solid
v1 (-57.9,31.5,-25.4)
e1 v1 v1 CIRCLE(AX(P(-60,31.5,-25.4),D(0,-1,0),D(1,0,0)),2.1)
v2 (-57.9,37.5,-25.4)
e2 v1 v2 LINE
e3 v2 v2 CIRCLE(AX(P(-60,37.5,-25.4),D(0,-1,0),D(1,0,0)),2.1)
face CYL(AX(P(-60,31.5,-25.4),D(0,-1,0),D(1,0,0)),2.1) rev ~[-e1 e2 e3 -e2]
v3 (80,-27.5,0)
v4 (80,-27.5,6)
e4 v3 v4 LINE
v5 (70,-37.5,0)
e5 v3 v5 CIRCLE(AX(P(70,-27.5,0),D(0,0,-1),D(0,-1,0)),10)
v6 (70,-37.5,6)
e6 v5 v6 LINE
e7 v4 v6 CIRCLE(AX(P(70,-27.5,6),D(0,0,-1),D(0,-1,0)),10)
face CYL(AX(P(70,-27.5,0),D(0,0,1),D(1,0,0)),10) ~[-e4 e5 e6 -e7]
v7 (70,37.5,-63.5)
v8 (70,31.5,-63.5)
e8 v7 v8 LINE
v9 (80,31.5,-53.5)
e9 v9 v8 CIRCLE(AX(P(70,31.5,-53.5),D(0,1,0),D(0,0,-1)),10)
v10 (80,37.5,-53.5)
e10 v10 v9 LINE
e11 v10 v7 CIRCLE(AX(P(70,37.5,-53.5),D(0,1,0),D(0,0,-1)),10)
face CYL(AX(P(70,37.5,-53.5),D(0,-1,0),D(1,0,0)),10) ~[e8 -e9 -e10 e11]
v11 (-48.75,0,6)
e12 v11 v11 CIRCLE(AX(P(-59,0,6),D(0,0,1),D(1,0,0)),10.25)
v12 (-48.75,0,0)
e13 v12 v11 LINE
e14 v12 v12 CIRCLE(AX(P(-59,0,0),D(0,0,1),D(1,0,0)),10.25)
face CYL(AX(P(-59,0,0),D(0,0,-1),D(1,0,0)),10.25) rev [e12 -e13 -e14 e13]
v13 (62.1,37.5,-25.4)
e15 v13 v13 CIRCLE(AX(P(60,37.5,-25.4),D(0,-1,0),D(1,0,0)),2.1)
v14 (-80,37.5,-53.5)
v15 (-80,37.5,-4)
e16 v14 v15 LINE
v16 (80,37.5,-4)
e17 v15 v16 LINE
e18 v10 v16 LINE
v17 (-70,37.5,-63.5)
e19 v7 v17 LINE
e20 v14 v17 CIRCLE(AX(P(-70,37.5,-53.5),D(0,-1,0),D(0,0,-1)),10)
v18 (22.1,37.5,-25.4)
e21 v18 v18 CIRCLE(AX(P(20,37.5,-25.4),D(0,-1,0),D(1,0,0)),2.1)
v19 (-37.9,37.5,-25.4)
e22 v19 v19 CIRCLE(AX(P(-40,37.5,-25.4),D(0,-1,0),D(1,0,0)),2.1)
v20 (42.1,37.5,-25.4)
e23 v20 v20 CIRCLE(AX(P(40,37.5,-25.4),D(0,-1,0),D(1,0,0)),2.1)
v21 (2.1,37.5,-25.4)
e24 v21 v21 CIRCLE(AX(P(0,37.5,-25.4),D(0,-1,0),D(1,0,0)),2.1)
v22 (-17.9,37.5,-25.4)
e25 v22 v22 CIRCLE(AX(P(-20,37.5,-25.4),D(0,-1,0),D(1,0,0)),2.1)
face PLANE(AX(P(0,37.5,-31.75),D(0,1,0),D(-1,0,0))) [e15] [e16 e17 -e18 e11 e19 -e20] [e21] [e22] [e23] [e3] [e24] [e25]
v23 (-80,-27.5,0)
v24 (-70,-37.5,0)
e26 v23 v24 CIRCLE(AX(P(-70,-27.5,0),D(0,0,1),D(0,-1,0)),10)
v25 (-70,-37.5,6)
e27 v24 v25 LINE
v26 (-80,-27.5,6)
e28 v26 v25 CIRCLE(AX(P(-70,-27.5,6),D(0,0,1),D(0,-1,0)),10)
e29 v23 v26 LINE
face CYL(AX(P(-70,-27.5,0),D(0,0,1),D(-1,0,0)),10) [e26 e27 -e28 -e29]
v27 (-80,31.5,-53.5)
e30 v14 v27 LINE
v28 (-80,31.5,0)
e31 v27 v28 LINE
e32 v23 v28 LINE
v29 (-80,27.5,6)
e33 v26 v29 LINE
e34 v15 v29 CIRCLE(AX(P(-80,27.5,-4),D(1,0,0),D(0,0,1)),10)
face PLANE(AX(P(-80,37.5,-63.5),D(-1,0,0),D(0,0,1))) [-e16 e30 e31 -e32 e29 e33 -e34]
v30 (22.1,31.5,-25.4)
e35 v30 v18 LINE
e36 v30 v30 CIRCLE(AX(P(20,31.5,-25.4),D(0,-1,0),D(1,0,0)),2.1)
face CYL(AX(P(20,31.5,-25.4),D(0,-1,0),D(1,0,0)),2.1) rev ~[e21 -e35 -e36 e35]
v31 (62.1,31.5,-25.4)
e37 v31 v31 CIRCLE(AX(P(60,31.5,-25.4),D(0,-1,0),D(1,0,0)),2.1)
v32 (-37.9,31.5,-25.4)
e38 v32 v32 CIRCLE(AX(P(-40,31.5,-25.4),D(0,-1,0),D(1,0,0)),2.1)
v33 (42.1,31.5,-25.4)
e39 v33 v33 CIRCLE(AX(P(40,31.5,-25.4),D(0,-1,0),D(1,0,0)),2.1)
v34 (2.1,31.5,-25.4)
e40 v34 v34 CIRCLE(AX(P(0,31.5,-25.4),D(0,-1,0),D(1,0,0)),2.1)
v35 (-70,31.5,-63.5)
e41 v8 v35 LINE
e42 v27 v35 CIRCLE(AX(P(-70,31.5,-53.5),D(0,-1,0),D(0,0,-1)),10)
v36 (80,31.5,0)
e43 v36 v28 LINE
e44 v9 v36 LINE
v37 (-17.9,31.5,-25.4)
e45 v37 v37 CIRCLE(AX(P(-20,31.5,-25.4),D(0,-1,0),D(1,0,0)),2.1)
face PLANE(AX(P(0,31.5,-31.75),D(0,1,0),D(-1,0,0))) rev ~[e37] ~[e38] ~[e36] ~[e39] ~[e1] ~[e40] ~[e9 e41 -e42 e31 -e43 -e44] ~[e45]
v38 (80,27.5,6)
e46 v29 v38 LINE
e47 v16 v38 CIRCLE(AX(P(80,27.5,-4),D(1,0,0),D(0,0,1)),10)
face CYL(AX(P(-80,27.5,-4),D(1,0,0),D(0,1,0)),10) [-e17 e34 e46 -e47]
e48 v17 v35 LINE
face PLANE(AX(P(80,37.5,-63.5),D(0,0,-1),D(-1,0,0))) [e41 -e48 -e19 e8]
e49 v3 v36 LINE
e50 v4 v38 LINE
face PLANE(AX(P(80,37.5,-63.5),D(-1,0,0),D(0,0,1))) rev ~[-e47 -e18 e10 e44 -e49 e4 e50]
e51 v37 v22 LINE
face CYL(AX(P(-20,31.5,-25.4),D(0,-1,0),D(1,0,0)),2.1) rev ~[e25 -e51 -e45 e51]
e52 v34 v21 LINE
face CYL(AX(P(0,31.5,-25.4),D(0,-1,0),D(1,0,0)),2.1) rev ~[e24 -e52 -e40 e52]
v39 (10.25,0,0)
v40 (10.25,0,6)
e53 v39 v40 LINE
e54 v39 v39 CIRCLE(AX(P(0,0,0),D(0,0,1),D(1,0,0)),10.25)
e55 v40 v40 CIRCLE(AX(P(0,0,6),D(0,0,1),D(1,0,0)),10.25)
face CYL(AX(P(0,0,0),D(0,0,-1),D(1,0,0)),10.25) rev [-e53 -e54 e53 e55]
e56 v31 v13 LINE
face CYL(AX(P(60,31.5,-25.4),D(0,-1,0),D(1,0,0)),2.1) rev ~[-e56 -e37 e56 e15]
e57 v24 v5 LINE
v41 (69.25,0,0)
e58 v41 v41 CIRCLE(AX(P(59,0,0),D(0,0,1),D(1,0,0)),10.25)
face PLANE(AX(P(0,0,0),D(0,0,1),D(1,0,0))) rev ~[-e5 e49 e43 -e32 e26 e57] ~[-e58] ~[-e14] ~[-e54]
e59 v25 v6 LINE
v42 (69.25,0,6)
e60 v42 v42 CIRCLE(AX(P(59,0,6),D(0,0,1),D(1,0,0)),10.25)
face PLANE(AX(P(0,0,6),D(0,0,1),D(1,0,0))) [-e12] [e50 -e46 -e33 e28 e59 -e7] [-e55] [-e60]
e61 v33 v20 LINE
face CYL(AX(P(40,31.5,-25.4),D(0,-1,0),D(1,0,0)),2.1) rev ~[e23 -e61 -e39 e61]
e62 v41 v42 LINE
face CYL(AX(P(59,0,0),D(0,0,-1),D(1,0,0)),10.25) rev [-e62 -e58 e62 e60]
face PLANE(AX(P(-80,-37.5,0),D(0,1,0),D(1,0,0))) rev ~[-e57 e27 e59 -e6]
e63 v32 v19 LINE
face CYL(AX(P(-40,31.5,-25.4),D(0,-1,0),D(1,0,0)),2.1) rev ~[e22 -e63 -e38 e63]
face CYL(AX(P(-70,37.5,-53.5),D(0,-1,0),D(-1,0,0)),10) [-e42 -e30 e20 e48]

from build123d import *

# Parameters (mm, degrees)
F0_W     = 160
F0_H     = 75
F0_R     = 10.25
F1_DEPTH = 6
F2_W     = 160
F2_H     = 63.5
F3_DEPTH = 6
F4_R     = 10
F5_R     = 2.1
F6_DEPTH = 25


with BuildPart() as f1:
    # F0 (on Top) → F1 (new body)
    with BuildSketch(Plane.XY):
        Rectangle(F0_W, F0_H)
        with Locations((-59, 0)):
            Circle(F0_R, mode=Mode.SUBTRACT)
        Circle(F0_R, mode=Mode.SUBTRACT)
        with Locations((59, 0)):
            Circle(F0_R, mode=Mode.SUBTRACT)
    extrude(amount=F1_DEPTH)

    # F2 (on face) → F3 (join)
    with BuildSketch(Plane(origin=(0, 37.5, 0), x_dir=(-1, 0, 0), z_dir=(0, 1, 0))):
        with Locations((0, -31.75)):
            Rectangle(F2_W, F2_H)
    extrude(amount=-F3_DEPTH)

    # F4
    f4_edges = [f1.edges().sort_by_distance(p)[0] for p in [
        (0, 37.5, 6),
        (-80, 34.5, -63.5),
        (80, 34.5, -63.5),
        (80, -37.5, 3),
        (-80, -37.5, 3),
    ]]
    fillet(f4_edges, radius=F4_R)

    # F5 (on face) → F6 (cut)
    with BuildSketch(Plane.XZ.offset(-31.5)):
        with Locations((-60, -25.4)):
            Circle(F5_R)
        with Locations((-40, -25.4)):
            Circle(F5_R)
        with Locations((-20, -25.4)):
            Circle(F5_R)
        with Locations((0, -25.4)):
            Circle(F5_R)
        with Locations((20, -25.4)):
            Circle(F5_R)
        with Locations((40, -25.4)):
            Circle(F5_R)
        with Locations((60, -25.4)):
            Circle(F5_R)
    extrude(amount=-F6_DEPTH, mode=Mode.SUBTRACT)


solid = f1.part
